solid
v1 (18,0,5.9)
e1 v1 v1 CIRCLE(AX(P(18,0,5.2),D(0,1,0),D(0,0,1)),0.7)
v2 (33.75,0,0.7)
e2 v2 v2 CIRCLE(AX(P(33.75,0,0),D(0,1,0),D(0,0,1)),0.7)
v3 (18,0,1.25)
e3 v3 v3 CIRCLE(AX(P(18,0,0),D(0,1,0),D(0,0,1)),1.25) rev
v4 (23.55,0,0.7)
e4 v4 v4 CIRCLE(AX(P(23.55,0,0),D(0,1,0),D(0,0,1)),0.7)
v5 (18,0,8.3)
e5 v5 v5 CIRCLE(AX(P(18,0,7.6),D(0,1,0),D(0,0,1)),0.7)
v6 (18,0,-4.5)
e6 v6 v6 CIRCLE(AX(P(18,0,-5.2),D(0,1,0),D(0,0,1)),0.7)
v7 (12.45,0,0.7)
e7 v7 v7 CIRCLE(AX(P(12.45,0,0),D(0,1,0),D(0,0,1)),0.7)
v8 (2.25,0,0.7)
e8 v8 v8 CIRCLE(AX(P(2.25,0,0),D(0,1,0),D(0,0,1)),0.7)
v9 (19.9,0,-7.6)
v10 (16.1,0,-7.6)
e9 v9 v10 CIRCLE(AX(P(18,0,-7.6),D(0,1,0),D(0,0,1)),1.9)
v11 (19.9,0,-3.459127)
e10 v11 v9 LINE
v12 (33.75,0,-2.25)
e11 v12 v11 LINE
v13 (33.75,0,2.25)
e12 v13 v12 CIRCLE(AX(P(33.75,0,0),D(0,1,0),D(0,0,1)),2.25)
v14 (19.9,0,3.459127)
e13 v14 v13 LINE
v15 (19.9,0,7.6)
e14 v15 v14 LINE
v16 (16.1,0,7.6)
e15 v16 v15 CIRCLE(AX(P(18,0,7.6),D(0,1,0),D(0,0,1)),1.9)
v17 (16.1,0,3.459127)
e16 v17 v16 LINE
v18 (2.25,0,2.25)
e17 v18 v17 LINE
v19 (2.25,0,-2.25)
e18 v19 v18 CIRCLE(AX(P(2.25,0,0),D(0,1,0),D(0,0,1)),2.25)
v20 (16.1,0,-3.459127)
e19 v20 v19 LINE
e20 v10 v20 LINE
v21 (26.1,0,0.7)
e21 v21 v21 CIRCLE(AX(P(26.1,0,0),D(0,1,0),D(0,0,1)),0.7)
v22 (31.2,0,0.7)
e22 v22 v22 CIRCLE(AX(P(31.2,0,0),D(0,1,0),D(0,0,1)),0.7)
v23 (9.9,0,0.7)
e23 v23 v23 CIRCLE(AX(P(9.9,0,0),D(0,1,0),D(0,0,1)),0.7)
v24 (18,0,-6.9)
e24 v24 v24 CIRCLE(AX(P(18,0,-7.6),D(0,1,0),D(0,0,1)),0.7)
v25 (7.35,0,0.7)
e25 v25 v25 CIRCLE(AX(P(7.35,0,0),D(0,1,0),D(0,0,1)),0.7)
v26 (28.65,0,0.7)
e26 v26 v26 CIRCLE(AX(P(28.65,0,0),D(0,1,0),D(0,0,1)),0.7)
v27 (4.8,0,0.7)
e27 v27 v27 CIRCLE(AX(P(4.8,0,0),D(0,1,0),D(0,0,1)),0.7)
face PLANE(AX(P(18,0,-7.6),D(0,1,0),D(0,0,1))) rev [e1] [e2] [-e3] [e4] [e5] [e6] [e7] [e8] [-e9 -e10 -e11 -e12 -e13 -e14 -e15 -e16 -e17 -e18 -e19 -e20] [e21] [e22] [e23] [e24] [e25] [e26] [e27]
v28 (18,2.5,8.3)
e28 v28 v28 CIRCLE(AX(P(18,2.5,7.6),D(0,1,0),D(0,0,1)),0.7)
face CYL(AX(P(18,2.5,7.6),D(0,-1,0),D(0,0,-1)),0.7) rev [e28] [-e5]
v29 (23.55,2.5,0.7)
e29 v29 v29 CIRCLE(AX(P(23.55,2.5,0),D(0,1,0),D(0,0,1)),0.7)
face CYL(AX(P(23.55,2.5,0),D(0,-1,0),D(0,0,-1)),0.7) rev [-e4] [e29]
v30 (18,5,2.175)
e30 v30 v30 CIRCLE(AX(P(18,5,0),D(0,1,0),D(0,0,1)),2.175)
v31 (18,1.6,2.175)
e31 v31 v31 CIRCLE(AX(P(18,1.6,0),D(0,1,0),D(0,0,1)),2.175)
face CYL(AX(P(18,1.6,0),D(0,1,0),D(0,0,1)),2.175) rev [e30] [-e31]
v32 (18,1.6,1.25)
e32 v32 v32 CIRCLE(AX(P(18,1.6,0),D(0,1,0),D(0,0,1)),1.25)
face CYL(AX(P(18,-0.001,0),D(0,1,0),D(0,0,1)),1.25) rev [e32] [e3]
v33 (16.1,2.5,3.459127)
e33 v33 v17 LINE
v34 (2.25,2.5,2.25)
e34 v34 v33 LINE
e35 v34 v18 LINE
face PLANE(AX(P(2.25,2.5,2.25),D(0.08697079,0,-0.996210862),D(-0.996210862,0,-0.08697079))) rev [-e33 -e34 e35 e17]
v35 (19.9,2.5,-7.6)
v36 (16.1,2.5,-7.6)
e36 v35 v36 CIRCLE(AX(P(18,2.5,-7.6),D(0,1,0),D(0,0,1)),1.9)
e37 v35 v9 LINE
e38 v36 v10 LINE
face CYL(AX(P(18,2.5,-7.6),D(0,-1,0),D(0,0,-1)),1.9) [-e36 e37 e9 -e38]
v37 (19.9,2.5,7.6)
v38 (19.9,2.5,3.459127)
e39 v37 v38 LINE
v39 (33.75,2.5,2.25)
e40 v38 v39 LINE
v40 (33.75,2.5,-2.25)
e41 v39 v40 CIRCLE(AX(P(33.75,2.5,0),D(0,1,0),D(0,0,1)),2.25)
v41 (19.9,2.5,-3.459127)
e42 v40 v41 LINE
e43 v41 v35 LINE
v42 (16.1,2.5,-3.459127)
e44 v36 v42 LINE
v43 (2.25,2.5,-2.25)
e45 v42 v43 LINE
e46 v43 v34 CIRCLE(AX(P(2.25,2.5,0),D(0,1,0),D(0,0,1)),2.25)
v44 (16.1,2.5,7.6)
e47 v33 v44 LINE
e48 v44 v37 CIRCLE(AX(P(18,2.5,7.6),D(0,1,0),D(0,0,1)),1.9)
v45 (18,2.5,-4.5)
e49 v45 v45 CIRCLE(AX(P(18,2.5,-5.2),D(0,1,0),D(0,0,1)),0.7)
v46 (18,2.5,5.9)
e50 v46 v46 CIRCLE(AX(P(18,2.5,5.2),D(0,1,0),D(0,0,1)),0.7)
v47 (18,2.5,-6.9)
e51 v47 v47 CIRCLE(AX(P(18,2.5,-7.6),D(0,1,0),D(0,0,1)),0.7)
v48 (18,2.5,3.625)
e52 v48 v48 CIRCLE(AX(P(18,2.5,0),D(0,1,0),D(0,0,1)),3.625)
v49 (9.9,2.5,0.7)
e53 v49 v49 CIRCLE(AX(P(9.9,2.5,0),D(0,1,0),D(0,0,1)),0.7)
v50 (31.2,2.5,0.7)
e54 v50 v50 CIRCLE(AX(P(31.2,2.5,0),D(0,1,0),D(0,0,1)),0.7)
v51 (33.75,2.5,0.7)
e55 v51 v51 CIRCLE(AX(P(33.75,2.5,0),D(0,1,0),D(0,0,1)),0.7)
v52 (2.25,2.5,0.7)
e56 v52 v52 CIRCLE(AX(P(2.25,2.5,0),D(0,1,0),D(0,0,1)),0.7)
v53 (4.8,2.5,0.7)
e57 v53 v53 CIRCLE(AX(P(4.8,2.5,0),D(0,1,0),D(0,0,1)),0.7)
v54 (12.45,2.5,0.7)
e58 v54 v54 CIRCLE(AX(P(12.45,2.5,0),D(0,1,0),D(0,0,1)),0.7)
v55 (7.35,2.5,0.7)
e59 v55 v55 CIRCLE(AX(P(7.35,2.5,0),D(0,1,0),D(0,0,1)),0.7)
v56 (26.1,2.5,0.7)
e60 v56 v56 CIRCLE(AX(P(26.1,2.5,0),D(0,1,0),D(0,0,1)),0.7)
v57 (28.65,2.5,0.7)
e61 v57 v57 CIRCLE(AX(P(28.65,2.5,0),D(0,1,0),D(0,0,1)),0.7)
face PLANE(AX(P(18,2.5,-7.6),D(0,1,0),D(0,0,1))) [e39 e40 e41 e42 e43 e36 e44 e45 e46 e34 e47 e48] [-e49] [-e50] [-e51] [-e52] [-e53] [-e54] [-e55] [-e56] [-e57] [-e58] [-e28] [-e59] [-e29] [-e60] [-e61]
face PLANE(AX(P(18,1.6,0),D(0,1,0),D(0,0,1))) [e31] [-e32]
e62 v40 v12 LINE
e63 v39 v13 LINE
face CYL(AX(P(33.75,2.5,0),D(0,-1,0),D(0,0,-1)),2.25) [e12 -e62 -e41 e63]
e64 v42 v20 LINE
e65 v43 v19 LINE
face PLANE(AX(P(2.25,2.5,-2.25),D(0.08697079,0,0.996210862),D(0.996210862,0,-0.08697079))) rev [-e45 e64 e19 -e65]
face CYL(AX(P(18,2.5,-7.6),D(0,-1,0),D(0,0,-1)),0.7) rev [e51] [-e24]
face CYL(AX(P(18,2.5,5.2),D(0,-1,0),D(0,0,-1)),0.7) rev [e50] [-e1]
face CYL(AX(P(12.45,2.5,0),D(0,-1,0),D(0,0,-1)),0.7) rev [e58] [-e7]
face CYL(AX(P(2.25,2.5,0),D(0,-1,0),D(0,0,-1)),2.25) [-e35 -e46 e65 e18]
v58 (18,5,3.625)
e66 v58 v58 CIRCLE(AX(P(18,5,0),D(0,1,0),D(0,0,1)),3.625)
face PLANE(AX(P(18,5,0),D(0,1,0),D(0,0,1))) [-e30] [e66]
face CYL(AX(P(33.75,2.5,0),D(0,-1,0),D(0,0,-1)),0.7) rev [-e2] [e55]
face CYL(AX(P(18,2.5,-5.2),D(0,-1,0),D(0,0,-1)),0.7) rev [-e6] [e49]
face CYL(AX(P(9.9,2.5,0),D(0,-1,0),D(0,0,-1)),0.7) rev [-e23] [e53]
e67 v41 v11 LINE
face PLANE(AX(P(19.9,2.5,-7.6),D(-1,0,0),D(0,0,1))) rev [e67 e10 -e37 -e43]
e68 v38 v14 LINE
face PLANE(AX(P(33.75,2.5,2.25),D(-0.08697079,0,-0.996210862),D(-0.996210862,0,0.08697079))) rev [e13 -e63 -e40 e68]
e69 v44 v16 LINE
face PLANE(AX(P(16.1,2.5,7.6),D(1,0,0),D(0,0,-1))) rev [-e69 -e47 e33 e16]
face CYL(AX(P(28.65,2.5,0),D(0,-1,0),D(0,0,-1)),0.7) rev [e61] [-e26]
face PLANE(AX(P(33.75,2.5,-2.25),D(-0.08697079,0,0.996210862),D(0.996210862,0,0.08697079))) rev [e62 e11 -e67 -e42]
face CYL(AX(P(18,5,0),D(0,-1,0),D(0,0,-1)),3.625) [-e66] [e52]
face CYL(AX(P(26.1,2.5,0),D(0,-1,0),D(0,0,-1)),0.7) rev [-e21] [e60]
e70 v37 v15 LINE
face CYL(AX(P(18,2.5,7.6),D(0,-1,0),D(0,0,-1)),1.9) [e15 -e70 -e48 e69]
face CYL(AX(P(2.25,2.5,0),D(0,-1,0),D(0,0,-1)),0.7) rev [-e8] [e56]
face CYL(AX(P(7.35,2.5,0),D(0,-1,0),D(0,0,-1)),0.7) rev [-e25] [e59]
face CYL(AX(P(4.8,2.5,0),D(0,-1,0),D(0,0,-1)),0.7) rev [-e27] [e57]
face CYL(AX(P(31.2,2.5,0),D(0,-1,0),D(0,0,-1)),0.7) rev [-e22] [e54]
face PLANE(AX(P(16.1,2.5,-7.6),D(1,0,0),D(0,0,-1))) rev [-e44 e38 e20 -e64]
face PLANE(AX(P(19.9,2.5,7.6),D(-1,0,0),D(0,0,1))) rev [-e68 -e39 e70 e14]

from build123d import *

# Parameters (mm, degrees)
SKETCH6_R           = 0.7
BOSS_EXTRUDE3_DEPTH = 2.5
SKETCH7_R           = 3.625
BOSS_EXTRUDE4_DEPTH = 2.5
SKETCH8_R           = 2.175
CUT_EXTRUDE3_DEPTH  = 3.4
CUT_EXTRUDE4_REACH  = 3.6
SKETCH9_R           = 1.25


with BuildPart() as part:
    # Sketch6 → Boss-Extrude3 (new body)
    with BuildSketch(Plane(origin=(0, 0, 0), x_dir=(1, 0, 0), z_dir=(0, 1, 0))):
        with BuildLine():
            Line((16.1, 7.6), (16.1, 3.459126984))
            Line((16.1, 3.459126984), (2.25, 2.25))
            ThreePointArc((2.25, 2.25), (0, 0), (2.25, -2.25))
            Line((2.25, -2.25), (16.1, -3.459126984))
            Line((16.1, -3.459126984), (16.1, -7.6))
            ThreePointArc((16.1, -7.6), (18, -9.5), (19.9, -7.6))
            Line((19.9, -7.6), (19.9, -3.459126984))
            Line((19.9, -3.459126984), (33.75, -2.25))
            ThreePointArc((33.75, -2.25), (36, 0), (33.75, 2.25))
            Line((33.75, 2.25), (19.9, 3.459126984))
            Line((19.9, 3.459126984), (19.9, 7.6))
            ThreePointArc((19.9, 7.6), (18, 9.5), (16.1, 7.6))
        make_face()
        with Locations((33.75, 0)):
            Circle(SKETCH6_R, mode=Mode.SUBTRACT)
        with Locations((31.2, 0)):
            Circle(SKETCH6_R, mode=Mode.SUBTRACT)
        with Locations((28.65, 0)):
            Circle(SKETCH6_R, mode=Mode.SUBTRACT)
        with Locations((26.1, 0)):
            Circle(SKETCH6_R, mode=Mode.SUBTRACT)
        with Locations((23.55, 0)):
            Circle(SKETCH6_R, mode=Mode.SUBTRACT)
        with Locations((18, -7.6)):
            Circle(SKETCH6_R, mode=Mode.SUBTRACT)
        with Locations((18, -5.2)):
            Circle(SKETCH6_R, mode=Mode.SUBTRACT)
        with Locations((12.45, 0)):
            Circle(SKETCH6_R, mode=Mode.SUBTRACT)
        with Locations((9.9, 0)):
            Circle(SKETCH6_R, mode=Mode.SUBTRACT)
        with Locations((7.35, 0)):
            Circle(SKETCH6_R, mode=Mode.SUBTRACT)
        with Locations((4.8, 0)):
            Circle(SKETCH6_R, mode=Mode.SUBTRACT)
        with Locations((2.25, 0)):
            Circle(SKETCH6_R, mode=Mode.SUBTRACT)
        with Locations((18, 5.2)):
            Circle(SKETCH6_R, mode=Mode.SUBTRACT)
        with Locations((18, 7.6)):
            Circle(SKETCH6_R, mode=Mode.SUBTRACT)
    extrude(amount=BOSS_EXTRUDE3_DEPTH)

    # Sketch7 → Boss-Extrude4 (add)
    with BuildSketch(Plane(origin=(0, 2.5, 0), x_dir=(1, 0, 0), z_dir=(0, 1, 0))):
        with Locations((18, 0)):
            Circle(SKETCH7_R)
    extrude(amount=BOSS_EXTRUDE4_DEPTH)

    # Sketch8 → Cut-Extrude3 (cut)
    with BuildSketch(Plane(origin=(0, 5, 0), x_dir=(1, 0, 0), z_dir=(0, 1, 0))):
        with Locations((18, 0)):
            Circle(SKETCH8_R)
    extrude(amount=-CUT_EXTRUDE3_DEPTH, mode=Mode.SUBTRACT)

    # Sketch9 → Cut-Extrude4 (cut, up to next)
    with BuildSketch(Plane(origin=(0, 1.6, 0), x_dir=(1, 0, 0), z_dir=(0, 1, 0)), mode=Mode.PRIVATE) as cut_extrude4_sk1:
        with Locations((18, 0)):
            Circle(SKETCH9_R)
    cut_extrude4_tool1 = extrude(cut_extrude4_sk1.sketch, amount=-CUT_EXTRUDE4_REACH, mode=Mode.PRIVATE) & part.part
    add(cut_extrude4_tool1.solids().sort_by_distance((18, 1.6, 0))[0], mode=Mode.SUBTRACT)


solid = part.part
